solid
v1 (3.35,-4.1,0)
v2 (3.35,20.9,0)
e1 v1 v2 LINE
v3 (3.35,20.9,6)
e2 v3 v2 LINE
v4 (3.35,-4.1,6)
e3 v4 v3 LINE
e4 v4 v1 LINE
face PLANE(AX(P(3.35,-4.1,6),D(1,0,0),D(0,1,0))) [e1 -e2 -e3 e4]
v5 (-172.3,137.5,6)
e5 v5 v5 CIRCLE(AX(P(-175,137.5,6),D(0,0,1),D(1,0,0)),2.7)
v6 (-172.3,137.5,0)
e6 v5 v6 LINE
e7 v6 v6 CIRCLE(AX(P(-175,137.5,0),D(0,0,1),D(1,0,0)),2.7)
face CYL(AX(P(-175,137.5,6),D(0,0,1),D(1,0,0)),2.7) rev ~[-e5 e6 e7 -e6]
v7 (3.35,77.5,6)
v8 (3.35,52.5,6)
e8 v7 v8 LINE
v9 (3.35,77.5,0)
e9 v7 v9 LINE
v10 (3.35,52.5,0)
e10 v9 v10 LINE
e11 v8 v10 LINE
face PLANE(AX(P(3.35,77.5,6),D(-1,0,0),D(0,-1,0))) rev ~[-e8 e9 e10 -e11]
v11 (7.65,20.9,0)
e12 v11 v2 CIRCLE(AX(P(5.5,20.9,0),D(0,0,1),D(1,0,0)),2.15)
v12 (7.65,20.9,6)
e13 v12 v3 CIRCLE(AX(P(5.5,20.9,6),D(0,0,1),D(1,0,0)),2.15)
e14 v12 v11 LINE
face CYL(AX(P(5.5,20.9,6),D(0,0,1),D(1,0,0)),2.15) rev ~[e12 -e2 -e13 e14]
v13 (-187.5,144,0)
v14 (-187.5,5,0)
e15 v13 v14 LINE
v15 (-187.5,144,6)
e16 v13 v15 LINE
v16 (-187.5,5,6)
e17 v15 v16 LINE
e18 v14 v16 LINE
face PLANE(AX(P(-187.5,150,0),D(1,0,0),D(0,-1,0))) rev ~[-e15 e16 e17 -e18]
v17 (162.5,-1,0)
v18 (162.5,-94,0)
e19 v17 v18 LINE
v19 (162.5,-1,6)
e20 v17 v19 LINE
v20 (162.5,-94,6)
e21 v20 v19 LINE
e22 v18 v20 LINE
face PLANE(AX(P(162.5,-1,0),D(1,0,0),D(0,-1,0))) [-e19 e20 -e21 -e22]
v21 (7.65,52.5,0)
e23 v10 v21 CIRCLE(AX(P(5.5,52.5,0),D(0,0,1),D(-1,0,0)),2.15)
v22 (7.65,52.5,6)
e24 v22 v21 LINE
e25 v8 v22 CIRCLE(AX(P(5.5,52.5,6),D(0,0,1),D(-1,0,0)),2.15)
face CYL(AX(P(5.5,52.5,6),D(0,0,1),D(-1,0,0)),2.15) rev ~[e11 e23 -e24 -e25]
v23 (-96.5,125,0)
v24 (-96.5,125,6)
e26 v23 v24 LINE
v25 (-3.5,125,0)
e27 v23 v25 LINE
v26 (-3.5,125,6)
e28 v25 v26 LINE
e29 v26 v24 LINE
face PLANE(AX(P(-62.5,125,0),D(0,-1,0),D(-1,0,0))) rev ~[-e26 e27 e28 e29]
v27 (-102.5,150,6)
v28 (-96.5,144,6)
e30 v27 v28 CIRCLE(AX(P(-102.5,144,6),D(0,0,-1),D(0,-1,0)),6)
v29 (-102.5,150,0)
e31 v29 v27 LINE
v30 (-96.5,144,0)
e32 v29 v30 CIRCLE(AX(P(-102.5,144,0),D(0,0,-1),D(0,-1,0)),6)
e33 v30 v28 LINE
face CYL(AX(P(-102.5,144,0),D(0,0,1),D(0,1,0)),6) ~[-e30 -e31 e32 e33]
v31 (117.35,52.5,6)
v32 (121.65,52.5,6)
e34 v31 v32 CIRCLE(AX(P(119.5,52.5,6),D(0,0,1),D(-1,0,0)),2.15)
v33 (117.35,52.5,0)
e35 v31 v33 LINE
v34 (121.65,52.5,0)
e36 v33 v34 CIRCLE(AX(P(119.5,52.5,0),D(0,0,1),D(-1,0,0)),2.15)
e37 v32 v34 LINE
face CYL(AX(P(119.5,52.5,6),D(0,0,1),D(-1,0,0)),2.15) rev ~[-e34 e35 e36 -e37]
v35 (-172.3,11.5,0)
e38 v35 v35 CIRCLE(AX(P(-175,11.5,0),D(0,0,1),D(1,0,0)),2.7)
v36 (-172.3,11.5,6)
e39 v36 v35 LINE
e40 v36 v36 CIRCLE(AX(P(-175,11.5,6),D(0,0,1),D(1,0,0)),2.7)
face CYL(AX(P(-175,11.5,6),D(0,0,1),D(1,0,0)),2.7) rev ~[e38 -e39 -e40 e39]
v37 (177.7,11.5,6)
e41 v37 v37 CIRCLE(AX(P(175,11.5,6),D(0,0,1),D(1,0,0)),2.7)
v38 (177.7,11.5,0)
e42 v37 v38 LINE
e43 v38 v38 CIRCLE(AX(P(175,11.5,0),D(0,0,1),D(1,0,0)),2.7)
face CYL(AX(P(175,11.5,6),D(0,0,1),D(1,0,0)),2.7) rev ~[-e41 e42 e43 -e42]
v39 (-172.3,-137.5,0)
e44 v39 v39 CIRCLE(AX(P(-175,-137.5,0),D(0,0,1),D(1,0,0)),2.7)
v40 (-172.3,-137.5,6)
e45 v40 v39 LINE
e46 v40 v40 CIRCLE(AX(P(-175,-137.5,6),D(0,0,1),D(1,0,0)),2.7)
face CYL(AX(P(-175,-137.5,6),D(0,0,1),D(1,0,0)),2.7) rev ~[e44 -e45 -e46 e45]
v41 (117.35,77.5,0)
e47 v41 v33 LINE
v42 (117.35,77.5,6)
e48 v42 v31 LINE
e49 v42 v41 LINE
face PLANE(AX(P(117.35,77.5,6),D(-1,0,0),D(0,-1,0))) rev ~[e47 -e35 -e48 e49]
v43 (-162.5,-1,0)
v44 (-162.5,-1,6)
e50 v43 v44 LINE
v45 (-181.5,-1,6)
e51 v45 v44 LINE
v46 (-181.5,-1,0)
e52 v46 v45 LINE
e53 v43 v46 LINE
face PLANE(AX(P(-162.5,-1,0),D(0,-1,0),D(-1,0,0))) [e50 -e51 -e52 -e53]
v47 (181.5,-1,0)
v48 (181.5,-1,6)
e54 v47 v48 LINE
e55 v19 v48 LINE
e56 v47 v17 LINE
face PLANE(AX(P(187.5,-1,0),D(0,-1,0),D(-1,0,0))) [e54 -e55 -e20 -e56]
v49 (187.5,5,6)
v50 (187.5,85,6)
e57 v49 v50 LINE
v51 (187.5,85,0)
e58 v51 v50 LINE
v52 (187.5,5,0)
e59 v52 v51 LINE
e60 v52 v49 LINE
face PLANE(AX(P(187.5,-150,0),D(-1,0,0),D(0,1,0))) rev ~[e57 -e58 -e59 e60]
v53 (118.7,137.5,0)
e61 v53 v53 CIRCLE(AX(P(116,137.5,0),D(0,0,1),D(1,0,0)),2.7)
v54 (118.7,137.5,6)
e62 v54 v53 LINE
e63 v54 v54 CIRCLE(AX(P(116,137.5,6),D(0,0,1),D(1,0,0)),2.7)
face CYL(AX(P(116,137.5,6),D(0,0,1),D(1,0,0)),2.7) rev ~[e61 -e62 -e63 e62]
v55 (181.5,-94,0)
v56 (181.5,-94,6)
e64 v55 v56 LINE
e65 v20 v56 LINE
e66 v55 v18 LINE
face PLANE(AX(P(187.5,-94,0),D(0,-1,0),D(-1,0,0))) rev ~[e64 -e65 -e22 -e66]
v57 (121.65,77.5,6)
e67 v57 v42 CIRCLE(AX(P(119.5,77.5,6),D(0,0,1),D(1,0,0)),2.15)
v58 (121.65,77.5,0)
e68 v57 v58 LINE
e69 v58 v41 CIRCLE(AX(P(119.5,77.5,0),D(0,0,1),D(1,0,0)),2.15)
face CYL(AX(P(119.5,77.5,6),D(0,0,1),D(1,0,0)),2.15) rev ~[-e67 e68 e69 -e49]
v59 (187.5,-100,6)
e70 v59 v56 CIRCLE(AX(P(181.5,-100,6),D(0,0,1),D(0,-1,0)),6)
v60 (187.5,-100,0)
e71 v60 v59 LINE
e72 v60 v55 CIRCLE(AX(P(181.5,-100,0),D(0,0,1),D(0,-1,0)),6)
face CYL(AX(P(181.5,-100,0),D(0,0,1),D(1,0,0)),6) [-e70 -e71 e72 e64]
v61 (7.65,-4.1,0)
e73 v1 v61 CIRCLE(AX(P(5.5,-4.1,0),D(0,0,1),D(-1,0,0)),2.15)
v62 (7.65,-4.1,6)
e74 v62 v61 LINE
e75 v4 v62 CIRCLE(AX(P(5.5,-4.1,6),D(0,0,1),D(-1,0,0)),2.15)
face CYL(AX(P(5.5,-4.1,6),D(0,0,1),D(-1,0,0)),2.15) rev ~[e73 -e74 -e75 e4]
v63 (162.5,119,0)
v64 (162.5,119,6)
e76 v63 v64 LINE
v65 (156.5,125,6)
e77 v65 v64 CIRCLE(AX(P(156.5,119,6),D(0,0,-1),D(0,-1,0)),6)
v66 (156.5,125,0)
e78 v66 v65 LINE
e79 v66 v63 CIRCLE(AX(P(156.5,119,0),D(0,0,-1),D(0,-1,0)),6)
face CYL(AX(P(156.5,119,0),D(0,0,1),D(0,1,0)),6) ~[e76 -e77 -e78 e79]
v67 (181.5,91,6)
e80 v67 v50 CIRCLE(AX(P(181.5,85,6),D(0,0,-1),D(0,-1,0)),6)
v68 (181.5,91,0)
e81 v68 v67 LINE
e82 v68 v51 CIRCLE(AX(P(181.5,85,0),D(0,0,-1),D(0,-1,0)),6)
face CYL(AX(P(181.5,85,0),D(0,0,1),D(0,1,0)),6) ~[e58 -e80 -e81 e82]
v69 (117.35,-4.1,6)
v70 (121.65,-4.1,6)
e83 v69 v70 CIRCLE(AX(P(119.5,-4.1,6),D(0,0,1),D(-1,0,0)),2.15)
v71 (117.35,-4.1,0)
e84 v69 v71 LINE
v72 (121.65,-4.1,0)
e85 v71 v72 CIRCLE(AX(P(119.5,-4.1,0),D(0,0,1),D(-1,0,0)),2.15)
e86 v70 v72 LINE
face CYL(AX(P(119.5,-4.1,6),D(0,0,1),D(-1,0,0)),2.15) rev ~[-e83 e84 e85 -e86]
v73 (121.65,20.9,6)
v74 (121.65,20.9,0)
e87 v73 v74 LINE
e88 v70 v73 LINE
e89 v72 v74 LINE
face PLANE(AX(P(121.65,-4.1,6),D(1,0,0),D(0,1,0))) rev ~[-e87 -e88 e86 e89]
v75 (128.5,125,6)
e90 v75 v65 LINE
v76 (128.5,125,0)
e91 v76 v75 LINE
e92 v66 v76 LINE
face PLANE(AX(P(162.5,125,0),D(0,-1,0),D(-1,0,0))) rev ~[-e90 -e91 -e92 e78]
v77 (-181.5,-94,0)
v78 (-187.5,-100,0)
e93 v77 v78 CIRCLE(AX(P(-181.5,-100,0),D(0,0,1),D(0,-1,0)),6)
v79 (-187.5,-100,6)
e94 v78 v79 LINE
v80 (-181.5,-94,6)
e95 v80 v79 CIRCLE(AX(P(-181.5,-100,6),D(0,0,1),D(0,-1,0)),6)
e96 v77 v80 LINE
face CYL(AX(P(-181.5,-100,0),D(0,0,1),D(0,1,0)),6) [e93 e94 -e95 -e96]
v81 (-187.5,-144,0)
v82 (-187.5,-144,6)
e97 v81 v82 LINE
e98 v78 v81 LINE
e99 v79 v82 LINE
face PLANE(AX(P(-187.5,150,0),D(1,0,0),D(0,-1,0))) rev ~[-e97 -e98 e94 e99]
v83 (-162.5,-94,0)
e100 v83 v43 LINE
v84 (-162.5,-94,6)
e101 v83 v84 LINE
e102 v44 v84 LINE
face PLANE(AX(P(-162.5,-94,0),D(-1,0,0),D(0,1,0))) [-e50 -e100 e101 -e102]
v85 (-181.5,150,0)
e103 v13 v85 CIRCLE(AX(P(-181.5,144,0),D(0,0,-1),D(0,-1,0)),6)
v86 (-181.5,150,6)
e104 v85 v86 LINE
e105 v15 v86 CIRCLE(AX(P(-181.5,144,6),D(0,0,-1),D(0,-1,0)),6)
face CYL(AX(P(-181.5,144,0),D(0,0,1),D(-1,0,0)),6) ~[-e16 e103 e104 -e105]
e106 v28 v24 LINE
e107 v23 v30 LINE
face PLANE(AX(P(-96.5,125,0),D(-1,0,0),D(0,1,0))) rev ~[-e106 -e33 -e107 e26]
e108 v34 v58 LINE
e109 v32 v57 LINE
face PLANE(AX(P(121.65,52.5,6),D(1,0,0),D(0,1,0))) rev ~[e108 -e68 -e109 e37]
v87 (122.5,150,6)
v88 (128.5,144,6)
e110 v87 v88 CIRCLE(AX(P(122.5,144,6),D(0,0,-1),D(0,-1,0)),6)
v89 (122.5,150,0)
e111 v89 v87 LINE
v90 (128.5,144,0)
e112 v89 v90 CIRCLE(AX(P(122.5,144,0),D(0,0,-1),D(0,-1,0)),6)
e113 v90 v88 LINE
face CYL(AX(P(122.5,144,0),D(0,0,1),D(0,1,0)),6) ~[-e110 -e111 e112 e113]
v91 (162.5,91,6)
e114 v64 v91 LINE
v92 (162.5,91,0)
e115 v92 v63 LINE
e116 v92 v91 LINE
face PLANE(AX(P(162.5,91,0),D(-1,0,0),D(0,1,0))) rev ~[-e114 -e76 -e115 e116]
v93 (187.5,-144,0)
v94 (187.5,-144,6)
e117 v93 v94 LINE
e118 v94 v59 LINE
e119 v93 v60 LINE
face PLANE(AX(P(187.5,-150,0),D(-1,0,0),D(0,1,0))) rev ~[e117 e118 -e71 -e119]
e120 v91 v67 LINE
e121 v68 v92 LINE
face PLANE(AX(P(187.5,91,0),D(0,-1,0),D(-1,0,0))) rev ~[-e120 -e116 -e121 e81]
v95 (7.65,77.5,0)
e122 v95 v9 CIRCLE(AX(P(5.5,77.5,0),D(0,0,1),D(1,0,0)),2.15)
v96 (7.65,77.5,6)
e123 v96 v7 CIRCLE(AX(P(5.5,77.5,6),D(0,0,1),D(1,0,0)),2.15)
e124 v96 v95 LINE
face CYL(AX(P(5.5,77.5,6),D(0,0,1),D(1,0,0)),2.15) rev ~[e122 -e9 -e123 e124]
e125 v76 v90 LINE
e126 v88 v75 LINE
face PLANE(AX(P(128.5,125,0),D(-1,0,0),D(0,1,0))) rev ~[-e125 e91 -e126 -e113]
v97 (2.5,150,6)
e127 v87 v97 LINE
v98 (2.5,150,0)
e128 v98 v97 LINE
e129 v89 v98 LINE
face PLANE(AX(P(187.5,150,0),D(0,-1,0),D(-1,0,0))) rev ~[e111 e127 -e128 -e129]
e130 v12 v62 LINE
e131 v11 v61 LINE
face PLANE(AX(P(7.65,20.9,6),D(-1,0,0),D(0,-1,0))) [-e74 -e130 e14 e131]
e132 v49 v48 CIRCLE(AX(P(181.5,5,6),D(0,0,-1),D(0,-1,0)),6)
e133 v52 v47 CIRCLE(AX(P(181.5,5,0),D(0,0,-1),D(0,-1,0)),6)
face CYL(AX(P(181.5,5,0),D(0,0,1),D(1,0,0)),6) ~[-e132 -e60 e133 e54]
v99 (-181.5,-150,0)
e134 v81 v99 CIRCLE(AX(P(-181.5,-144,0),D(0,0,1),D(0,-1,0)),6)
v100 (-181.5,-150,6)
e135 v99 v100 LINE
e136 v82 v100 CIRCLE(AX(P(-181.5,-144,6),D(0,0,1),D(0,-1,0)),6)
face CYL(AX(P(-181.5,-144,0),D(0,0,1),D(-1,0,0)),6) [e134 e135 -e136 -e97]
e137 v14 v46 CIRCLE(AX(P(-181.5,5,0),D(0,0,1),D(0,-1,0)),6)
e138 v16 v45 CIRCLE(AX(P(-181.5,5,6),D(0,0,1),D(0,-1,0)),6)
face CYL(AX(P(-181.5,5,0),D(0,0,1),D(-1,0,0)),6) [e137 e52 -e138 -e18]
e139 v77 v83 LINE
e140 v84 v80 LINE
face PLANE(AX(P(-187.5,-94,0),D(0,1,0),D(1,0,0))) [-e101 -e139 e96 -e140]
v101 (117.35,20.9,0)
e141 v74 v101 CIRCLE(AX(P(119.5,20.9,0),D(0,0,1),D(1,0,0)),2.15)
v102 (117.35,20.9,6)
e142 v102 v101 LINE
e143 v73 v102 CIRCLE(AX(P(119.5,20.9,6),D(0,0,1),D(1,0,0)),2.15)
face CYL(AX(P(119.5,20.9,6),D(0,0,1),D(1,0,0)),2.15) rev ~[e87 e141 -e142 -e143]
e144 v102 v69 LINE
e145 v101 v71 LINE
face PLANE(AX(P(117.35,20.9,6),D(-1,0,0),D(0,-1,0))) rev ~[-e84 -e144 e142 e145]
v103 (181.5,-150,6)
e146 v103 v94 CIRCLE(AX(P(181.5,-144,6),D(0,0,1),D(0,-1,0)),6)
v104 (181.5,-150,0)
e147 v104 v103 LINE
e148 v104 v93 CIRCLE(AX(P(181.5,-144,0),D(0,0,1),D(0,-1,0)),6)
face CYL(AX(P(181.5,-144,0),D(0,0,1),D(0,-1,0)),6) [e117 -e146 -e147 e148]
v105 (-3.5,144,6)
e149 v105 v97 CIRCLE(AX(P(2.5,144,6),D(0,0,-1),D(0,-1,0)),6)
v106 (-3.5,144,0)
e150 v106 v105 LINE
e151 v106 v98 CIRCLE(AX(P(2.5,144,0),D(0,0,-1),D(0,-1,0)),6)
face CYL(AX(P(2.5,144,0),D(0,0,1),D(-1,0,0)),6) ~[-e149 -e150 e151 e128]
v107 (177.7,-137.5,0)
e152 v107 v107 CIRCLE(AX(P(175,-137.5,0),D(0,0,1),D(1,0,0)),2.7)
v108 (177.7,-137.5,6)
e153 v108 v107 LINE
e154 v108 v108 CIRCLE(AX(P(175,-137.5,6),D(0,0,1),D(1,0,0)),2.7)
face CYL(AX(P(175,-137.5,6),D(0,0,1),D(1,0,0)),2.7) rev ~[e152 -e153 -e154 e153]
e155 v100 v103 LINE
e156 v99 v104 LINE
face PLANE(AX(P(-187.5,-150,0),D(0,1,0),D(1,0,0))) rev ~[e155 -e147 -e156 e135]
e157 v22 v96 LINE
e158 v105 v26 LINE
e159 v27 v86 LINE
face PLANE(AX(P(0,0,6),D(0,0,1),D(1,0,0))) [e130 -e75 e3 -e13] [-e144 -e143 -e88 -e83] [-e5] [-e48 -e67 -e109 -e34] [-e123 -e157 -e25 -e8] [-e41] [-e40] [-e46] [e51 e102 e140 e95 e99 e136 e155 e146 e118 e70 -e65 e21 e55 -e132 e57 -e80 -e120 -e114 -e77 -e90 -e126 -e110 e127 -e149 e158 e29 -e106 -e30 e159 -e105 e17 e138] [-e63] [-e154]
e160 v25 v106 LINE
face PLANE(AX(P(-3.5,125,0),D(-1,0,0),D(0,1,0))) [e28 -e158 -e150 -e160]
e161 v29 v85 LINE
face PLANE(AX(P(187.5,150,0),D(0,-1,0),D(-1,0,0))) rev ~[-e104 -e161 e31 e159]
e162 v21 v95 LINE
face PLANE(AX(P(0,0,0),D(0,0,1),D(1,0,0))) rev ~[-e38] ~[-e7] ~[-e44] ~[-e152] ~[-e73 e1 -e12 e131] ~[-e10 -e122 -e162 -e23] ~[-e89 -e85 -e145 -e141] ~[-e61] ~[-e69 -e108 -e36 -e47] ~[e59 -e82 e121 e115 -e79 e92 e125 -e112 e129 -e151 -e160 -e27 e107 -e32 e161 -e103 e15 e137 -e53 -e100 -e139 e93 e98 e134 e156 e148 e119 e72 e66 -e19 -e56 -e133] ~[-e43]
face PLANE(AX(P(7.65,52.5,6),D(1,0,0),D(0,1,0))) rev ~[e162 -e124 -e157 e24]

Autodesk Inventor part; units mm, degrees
ref_plane "YZ Plane" through (0, 0, 0) normal (1, 0, 0) x (0, 1, 0)
ref_plane "XZ Plane" through (0, 0, 0) normal (0, 1, 0) x (-1, 0, 0)
ref_plane "XY Plane" through (0, 0, 0) normal (0, 0, 1) x (1, 0, 0)
sketch "Sketch1" plane through (0, 0, 0) normal (0, 0, 1) x (1, 0, 0)
  line L0 (-187.5, -150) -> (187.5, -150)
  line L1 (187.5, -150) -> (187.5, 150)
  line L2 (187.5, 150) -> (-187.5, 150)
  line L3 (-187.5, 150) -> (-187.5, -150)
  line L4 (-187.5, -150) -> (187.5, 150) construction
  line L5 (187.5, -150) -> (-187.5, 150) construction
  point P0 (0, 0)
  dimension "d0" = 375
  dimension "d1" = 300
extrude "Extrusion1" add sketch "Sketch1" along normal blind 6
sketch "Sketch6" plane through (0, 0, 0) normal (0, 0, -1) x (-1, 0, 0)
  line L0 (-187.5, 150) -> (-162.5, 150)
  line L1 (-162.5, 150) -> (-162.5, 125)
  line L2 (-162.5, 125) -> (-187.5, 125)
  line L3 (-187.5, 125) -> (-187.5, 150)
  line L4 (187.5, 150) -> (187.5, -150) projected
  line L5 (-187.5, 150) -> (187.5, 150) projected
  line L6 (-187.5, -150) -> (-187.5, 150) projected
  line L7 (-187.5, -35) -> (-162.5, -35)
  line L8 (-162.5, -35) -> (-162.5, -60)
  line L9 (-162.5, -60) -> (-187.5, -60)
  line L10 (-187.5, -60) -> (-187.5, -35)
  line L11 (187.5, -35) -> (162.5, -35)
  line L12 (162.5, -35) -> (162.5, -60)
  line L13 (162.5, -60) -> (187.5, -60)
  line L14 (187.5, -60) -> (187.5, -35)
  line L15 (62.5, 150) -> (37.5, 150)
  line L16 (37.5, 150) -> (37.5, 125)
  line L17 (37.5, 125) -> (62.5, 125)
  line L18 (62.5, 125) -> (62.5, 150)
  point P0 (0, 0)
  dimension "d22" = 25
  dimension "d25" = 160
  dimension "d26" = 200
extrude "Extrusion6" cut sketch "Sketch6" against normal through all
sketch "Sketch7" plane through (0, 0, 0) normal (0, 0, -1) x (-1, 0, 0)
  line L0 (-162.5, -60) -> (-187.5, -60) projected
  line L1 (-187.5, -150) -> (-187.5, -60) projected
  line L2 (187.5, -60) -> (187.5, -150) projected
  line L3 (187.5, -60) -> (162.5, -60) projected
  line L4 (62.5, 150) -> (187.5, 150) projected
  line L5 (37.5, 125) -> (37.5, 150) projected
  line L6 (-162.5, 150) -> (37.5, 150) projected
  line L7 (-162.5, 125) -> (-187.5, 125) projected
  line L8 (-187.5, -35) -> (-187.5, 125) projected
  line L9 (-162.5, 125) -> (-187.5, 125)
  line L10 (-187.5, 125) -> (-187.5, 91)
  line L11 (-187.5, 91) -> (-162.5, 91)
  line L12 (-162.5, 91) -> (-162.5, 125)
  line L13 (-162.5, 125) -> (-128.5, 125)
  line L14 (-128.5, 125) -> (-128.5, 150)
  line L15 (-128.5, 150) -> (-162.5, 150)
  line L16 (-162.5, 150) -> (-162.5, 125)
  line L17 (37.5, 125) -> (3.5, 125)
  line L18 (3.5, 125) -> (3.5, 150)
  line L19 (3.5, 150) -> (37.5, 150)
  line L20 (37.5, 150) -> (37.5, 125)
  line L21 (62.5, 125) -> (96.5, 125)
  line L22 (96.5, 125) -> (96.5, 150)
  line L23 (96.5, 150) -> (62.5, 150)
  line L24 (62.5, 150) -> (62.5, 125)
  line L25 (187.5, -35) -> (162.5, -35)
  line L26 (162.5, -35) -> (162.5, -1)
  line L27 (162.5, -1) -> (187.5, -1)
  line L28 (187.5, -1) -> (187.5, -35)
  line L29 (162.5, -60) -> (187.5, -60)
  line L30 (187.5, -60) -> (187.5, -94)
  line L31 (187.5, -94) -> (162.5, -94)
  line L32 (162.5, -94) -> (162.5, -60)
  line L33 (-162.5, -60) -> (-187.5, -60)
  line L34 (-187.5, -60) -> (-187.5, -94)
  line L35 (-187.5, -94) -> (-162.5, -94)
  line L36 (-162.5, -94) -> (-162.5, -60)
  line L37 (-162.5, -35) -> (-187.5, -35)
  line L38 (-187.5, -35) -> (-187.5, -1)
  line L39 (-187.5, -1) -> (-162.5, -1)
  line L40 (-162.5, -1) -> (-162.5, -35)
  point P0 (0, 0)
  dimension "d31" = 34
extrude "Extrusion7" cut sketch "Sketch7" against normal through all
sketch "Sketch8" plane through (0, 0, 6) normal (0, 0, 1) x (1, 0, 0)
  line L0 (187.5, -150) -> (187.5, 150) projected
  line L1 (128.5, 125) -> (128.5, 150) projected
  line L2 (187.5, 150) -> (-187.5, 150) projected
  line L3 (-187.5, -1) -> (-162.5, -1) projected
  line L4 (-162.5, -94) -> (-187.5, -94) projected
  line L5 (-187.5, -150) -> (187.5, -150) projected
  circle A0 centre (-175, 137.5) radius 2.7
  circle A1 centre (-175, 11.5) radius 2.7
  circle A2 centre (-175, -137.5) radius 2.7
  circle A3 centre (175, -137.5) radius 2.7
  circle A4 centre (175, 11.5) radius 2.7
  circle A5 centre (116, 137.5) radius 2.7
  line L6 (-175, -137.5) -> (-175, -94) construction
  point P0 (187.5, -1)
  point P1 (187.5, 91)
  point P2 (-96.5, 150)
  point P3 (0, 0)
  dimension "d32" = 12.5
  dimension "d33" = 12.5
  dimension "d34" = 12.5
  dimension "d35" = 12.5
  dimension "d36" = 12.5
  dimension "d37" = 5.4
extrude "Extrusion8" cut sketch "Sketch8" against normal blind 10
sketch "Sketch9" plane through (0, 0, 6) normal (0, 0, 1) x (1, 0, 0)
  line L0 (187.5, -150) -> (187.5, 150) projected
  line L1 (187.5, 150) -> (-187.5, 150) projected
  line L2 (-3.5, 125) -> (-96.5, 125) projected
  line L3 (187.5, -94) -> (162.5, -94) projected
  line L4 (5.5, 77.5) -> (5.5, 52.5) construction
  line L5 (3.35, 77.5) -> (3.35, 52.5)
  line L6 (7.65, 52.5) -> (7.65, 77.5)
  arc A0 (7.65, 77.5) -> (3.35, 77.5) centre (5.5, 77.5) ccw
  arc A1 (3.35, 52.5) -> (7.65, 52.5) centre (5.5, 52.5) ccw
  line L7 (5.5, -4.1) -> (5.5, 20.9) construction
  line L8 (3.35, -4.1) -> (3.35, 20.9)
  line L9 (7.65, 20.9) -> (7.65, -4.1)
  arc A2 (3.35, -4.1) -> (7.65, -4.1) centre (5.5, -4.1) ccw
  arc A3 (7.65, 20.9) -> (3.35, 20.9) centre (5.5, 20.9) ccw
  line L10 (119.5, 77.5) -> (119.5, 52.5) construction
  line L11 (117.35, 77.5) -> (117.35, 52.5)
  line L12 (121.65, 52.5) -> (121.65, 77.5)
  arc A4 (121.65, 77.5) -> (117.35, 77.5) centre (119.5, 77.5) ccw
  arc A5 (117.35, 52.5) -> (121.65, 52.5) centre (119.5, 52.5) ccw
  line L13 (119.5, 20.9) -> (119.5, -4.1) construction
  line L14 (117.35, 20.9) -> (117.35, -4.1)
  line L15 (121.65, -4.1) -> (121.65, 20.9)
  arc A6 (121.65, 20.9) -> (117.35, 20.9) centre (119.5, 20.9) ccw
  arc A7 (117.35, -4.1) -> (121.65, -4.1) centre (119.5, -4.1) ccw
  line L16 (-50, 125) -> (-50, -47.5) construction
  line L17 (-50, -47.5) -> (175, -47.5) construction
  line L18 (175, -47.5) -> (175, -94) construction
  line L19 (5.5, 8.4) -> (119.5, 8.4) construction
  line L20 (62.5, 8.4) -> (62.5, -47.5) construction
  point P0 (187.5, -1)
  point P1 (187.5, 91)
  point P2 (128.5, 150)
  point P3 (-3.5, 150)
  point P4 (0, 0)
  point P5 (5.5, 65)
  point P6 (119.5, 65)
  point P7 (-37.5, 125)
  point P8 (-62.5, 125)
  dimension "d40" = 114
  dimension "d41" = 2.15
  dimension "d42" = 56.6
  dimension "d43" = 25
  dimension "d44" = 85
extrude "Extrusion9" cut sketch "Sketch9" against normal blind 10
fillet "Fillet3" radius 6 12 edges at (187.5, -150, 3) (187.5, -94, 3) (187.5, -1, 3) (187.5, 91, 3) (162.5, 125, 3) (128.5, 150, 3) (-3.5, 150, 3) (-96.5, 150, 3) (-187.5, 150, 3) (-187.5, -94, 3) (-187.5, -150, 3) (-187.5, -1, 3)
equation "\"d33\" = d32"
equation "\"d34\" = d32"
equation "\"d35\" = d33"
equation "\"d36\" = d32"
properties part number "ProjectorPlateFront"
